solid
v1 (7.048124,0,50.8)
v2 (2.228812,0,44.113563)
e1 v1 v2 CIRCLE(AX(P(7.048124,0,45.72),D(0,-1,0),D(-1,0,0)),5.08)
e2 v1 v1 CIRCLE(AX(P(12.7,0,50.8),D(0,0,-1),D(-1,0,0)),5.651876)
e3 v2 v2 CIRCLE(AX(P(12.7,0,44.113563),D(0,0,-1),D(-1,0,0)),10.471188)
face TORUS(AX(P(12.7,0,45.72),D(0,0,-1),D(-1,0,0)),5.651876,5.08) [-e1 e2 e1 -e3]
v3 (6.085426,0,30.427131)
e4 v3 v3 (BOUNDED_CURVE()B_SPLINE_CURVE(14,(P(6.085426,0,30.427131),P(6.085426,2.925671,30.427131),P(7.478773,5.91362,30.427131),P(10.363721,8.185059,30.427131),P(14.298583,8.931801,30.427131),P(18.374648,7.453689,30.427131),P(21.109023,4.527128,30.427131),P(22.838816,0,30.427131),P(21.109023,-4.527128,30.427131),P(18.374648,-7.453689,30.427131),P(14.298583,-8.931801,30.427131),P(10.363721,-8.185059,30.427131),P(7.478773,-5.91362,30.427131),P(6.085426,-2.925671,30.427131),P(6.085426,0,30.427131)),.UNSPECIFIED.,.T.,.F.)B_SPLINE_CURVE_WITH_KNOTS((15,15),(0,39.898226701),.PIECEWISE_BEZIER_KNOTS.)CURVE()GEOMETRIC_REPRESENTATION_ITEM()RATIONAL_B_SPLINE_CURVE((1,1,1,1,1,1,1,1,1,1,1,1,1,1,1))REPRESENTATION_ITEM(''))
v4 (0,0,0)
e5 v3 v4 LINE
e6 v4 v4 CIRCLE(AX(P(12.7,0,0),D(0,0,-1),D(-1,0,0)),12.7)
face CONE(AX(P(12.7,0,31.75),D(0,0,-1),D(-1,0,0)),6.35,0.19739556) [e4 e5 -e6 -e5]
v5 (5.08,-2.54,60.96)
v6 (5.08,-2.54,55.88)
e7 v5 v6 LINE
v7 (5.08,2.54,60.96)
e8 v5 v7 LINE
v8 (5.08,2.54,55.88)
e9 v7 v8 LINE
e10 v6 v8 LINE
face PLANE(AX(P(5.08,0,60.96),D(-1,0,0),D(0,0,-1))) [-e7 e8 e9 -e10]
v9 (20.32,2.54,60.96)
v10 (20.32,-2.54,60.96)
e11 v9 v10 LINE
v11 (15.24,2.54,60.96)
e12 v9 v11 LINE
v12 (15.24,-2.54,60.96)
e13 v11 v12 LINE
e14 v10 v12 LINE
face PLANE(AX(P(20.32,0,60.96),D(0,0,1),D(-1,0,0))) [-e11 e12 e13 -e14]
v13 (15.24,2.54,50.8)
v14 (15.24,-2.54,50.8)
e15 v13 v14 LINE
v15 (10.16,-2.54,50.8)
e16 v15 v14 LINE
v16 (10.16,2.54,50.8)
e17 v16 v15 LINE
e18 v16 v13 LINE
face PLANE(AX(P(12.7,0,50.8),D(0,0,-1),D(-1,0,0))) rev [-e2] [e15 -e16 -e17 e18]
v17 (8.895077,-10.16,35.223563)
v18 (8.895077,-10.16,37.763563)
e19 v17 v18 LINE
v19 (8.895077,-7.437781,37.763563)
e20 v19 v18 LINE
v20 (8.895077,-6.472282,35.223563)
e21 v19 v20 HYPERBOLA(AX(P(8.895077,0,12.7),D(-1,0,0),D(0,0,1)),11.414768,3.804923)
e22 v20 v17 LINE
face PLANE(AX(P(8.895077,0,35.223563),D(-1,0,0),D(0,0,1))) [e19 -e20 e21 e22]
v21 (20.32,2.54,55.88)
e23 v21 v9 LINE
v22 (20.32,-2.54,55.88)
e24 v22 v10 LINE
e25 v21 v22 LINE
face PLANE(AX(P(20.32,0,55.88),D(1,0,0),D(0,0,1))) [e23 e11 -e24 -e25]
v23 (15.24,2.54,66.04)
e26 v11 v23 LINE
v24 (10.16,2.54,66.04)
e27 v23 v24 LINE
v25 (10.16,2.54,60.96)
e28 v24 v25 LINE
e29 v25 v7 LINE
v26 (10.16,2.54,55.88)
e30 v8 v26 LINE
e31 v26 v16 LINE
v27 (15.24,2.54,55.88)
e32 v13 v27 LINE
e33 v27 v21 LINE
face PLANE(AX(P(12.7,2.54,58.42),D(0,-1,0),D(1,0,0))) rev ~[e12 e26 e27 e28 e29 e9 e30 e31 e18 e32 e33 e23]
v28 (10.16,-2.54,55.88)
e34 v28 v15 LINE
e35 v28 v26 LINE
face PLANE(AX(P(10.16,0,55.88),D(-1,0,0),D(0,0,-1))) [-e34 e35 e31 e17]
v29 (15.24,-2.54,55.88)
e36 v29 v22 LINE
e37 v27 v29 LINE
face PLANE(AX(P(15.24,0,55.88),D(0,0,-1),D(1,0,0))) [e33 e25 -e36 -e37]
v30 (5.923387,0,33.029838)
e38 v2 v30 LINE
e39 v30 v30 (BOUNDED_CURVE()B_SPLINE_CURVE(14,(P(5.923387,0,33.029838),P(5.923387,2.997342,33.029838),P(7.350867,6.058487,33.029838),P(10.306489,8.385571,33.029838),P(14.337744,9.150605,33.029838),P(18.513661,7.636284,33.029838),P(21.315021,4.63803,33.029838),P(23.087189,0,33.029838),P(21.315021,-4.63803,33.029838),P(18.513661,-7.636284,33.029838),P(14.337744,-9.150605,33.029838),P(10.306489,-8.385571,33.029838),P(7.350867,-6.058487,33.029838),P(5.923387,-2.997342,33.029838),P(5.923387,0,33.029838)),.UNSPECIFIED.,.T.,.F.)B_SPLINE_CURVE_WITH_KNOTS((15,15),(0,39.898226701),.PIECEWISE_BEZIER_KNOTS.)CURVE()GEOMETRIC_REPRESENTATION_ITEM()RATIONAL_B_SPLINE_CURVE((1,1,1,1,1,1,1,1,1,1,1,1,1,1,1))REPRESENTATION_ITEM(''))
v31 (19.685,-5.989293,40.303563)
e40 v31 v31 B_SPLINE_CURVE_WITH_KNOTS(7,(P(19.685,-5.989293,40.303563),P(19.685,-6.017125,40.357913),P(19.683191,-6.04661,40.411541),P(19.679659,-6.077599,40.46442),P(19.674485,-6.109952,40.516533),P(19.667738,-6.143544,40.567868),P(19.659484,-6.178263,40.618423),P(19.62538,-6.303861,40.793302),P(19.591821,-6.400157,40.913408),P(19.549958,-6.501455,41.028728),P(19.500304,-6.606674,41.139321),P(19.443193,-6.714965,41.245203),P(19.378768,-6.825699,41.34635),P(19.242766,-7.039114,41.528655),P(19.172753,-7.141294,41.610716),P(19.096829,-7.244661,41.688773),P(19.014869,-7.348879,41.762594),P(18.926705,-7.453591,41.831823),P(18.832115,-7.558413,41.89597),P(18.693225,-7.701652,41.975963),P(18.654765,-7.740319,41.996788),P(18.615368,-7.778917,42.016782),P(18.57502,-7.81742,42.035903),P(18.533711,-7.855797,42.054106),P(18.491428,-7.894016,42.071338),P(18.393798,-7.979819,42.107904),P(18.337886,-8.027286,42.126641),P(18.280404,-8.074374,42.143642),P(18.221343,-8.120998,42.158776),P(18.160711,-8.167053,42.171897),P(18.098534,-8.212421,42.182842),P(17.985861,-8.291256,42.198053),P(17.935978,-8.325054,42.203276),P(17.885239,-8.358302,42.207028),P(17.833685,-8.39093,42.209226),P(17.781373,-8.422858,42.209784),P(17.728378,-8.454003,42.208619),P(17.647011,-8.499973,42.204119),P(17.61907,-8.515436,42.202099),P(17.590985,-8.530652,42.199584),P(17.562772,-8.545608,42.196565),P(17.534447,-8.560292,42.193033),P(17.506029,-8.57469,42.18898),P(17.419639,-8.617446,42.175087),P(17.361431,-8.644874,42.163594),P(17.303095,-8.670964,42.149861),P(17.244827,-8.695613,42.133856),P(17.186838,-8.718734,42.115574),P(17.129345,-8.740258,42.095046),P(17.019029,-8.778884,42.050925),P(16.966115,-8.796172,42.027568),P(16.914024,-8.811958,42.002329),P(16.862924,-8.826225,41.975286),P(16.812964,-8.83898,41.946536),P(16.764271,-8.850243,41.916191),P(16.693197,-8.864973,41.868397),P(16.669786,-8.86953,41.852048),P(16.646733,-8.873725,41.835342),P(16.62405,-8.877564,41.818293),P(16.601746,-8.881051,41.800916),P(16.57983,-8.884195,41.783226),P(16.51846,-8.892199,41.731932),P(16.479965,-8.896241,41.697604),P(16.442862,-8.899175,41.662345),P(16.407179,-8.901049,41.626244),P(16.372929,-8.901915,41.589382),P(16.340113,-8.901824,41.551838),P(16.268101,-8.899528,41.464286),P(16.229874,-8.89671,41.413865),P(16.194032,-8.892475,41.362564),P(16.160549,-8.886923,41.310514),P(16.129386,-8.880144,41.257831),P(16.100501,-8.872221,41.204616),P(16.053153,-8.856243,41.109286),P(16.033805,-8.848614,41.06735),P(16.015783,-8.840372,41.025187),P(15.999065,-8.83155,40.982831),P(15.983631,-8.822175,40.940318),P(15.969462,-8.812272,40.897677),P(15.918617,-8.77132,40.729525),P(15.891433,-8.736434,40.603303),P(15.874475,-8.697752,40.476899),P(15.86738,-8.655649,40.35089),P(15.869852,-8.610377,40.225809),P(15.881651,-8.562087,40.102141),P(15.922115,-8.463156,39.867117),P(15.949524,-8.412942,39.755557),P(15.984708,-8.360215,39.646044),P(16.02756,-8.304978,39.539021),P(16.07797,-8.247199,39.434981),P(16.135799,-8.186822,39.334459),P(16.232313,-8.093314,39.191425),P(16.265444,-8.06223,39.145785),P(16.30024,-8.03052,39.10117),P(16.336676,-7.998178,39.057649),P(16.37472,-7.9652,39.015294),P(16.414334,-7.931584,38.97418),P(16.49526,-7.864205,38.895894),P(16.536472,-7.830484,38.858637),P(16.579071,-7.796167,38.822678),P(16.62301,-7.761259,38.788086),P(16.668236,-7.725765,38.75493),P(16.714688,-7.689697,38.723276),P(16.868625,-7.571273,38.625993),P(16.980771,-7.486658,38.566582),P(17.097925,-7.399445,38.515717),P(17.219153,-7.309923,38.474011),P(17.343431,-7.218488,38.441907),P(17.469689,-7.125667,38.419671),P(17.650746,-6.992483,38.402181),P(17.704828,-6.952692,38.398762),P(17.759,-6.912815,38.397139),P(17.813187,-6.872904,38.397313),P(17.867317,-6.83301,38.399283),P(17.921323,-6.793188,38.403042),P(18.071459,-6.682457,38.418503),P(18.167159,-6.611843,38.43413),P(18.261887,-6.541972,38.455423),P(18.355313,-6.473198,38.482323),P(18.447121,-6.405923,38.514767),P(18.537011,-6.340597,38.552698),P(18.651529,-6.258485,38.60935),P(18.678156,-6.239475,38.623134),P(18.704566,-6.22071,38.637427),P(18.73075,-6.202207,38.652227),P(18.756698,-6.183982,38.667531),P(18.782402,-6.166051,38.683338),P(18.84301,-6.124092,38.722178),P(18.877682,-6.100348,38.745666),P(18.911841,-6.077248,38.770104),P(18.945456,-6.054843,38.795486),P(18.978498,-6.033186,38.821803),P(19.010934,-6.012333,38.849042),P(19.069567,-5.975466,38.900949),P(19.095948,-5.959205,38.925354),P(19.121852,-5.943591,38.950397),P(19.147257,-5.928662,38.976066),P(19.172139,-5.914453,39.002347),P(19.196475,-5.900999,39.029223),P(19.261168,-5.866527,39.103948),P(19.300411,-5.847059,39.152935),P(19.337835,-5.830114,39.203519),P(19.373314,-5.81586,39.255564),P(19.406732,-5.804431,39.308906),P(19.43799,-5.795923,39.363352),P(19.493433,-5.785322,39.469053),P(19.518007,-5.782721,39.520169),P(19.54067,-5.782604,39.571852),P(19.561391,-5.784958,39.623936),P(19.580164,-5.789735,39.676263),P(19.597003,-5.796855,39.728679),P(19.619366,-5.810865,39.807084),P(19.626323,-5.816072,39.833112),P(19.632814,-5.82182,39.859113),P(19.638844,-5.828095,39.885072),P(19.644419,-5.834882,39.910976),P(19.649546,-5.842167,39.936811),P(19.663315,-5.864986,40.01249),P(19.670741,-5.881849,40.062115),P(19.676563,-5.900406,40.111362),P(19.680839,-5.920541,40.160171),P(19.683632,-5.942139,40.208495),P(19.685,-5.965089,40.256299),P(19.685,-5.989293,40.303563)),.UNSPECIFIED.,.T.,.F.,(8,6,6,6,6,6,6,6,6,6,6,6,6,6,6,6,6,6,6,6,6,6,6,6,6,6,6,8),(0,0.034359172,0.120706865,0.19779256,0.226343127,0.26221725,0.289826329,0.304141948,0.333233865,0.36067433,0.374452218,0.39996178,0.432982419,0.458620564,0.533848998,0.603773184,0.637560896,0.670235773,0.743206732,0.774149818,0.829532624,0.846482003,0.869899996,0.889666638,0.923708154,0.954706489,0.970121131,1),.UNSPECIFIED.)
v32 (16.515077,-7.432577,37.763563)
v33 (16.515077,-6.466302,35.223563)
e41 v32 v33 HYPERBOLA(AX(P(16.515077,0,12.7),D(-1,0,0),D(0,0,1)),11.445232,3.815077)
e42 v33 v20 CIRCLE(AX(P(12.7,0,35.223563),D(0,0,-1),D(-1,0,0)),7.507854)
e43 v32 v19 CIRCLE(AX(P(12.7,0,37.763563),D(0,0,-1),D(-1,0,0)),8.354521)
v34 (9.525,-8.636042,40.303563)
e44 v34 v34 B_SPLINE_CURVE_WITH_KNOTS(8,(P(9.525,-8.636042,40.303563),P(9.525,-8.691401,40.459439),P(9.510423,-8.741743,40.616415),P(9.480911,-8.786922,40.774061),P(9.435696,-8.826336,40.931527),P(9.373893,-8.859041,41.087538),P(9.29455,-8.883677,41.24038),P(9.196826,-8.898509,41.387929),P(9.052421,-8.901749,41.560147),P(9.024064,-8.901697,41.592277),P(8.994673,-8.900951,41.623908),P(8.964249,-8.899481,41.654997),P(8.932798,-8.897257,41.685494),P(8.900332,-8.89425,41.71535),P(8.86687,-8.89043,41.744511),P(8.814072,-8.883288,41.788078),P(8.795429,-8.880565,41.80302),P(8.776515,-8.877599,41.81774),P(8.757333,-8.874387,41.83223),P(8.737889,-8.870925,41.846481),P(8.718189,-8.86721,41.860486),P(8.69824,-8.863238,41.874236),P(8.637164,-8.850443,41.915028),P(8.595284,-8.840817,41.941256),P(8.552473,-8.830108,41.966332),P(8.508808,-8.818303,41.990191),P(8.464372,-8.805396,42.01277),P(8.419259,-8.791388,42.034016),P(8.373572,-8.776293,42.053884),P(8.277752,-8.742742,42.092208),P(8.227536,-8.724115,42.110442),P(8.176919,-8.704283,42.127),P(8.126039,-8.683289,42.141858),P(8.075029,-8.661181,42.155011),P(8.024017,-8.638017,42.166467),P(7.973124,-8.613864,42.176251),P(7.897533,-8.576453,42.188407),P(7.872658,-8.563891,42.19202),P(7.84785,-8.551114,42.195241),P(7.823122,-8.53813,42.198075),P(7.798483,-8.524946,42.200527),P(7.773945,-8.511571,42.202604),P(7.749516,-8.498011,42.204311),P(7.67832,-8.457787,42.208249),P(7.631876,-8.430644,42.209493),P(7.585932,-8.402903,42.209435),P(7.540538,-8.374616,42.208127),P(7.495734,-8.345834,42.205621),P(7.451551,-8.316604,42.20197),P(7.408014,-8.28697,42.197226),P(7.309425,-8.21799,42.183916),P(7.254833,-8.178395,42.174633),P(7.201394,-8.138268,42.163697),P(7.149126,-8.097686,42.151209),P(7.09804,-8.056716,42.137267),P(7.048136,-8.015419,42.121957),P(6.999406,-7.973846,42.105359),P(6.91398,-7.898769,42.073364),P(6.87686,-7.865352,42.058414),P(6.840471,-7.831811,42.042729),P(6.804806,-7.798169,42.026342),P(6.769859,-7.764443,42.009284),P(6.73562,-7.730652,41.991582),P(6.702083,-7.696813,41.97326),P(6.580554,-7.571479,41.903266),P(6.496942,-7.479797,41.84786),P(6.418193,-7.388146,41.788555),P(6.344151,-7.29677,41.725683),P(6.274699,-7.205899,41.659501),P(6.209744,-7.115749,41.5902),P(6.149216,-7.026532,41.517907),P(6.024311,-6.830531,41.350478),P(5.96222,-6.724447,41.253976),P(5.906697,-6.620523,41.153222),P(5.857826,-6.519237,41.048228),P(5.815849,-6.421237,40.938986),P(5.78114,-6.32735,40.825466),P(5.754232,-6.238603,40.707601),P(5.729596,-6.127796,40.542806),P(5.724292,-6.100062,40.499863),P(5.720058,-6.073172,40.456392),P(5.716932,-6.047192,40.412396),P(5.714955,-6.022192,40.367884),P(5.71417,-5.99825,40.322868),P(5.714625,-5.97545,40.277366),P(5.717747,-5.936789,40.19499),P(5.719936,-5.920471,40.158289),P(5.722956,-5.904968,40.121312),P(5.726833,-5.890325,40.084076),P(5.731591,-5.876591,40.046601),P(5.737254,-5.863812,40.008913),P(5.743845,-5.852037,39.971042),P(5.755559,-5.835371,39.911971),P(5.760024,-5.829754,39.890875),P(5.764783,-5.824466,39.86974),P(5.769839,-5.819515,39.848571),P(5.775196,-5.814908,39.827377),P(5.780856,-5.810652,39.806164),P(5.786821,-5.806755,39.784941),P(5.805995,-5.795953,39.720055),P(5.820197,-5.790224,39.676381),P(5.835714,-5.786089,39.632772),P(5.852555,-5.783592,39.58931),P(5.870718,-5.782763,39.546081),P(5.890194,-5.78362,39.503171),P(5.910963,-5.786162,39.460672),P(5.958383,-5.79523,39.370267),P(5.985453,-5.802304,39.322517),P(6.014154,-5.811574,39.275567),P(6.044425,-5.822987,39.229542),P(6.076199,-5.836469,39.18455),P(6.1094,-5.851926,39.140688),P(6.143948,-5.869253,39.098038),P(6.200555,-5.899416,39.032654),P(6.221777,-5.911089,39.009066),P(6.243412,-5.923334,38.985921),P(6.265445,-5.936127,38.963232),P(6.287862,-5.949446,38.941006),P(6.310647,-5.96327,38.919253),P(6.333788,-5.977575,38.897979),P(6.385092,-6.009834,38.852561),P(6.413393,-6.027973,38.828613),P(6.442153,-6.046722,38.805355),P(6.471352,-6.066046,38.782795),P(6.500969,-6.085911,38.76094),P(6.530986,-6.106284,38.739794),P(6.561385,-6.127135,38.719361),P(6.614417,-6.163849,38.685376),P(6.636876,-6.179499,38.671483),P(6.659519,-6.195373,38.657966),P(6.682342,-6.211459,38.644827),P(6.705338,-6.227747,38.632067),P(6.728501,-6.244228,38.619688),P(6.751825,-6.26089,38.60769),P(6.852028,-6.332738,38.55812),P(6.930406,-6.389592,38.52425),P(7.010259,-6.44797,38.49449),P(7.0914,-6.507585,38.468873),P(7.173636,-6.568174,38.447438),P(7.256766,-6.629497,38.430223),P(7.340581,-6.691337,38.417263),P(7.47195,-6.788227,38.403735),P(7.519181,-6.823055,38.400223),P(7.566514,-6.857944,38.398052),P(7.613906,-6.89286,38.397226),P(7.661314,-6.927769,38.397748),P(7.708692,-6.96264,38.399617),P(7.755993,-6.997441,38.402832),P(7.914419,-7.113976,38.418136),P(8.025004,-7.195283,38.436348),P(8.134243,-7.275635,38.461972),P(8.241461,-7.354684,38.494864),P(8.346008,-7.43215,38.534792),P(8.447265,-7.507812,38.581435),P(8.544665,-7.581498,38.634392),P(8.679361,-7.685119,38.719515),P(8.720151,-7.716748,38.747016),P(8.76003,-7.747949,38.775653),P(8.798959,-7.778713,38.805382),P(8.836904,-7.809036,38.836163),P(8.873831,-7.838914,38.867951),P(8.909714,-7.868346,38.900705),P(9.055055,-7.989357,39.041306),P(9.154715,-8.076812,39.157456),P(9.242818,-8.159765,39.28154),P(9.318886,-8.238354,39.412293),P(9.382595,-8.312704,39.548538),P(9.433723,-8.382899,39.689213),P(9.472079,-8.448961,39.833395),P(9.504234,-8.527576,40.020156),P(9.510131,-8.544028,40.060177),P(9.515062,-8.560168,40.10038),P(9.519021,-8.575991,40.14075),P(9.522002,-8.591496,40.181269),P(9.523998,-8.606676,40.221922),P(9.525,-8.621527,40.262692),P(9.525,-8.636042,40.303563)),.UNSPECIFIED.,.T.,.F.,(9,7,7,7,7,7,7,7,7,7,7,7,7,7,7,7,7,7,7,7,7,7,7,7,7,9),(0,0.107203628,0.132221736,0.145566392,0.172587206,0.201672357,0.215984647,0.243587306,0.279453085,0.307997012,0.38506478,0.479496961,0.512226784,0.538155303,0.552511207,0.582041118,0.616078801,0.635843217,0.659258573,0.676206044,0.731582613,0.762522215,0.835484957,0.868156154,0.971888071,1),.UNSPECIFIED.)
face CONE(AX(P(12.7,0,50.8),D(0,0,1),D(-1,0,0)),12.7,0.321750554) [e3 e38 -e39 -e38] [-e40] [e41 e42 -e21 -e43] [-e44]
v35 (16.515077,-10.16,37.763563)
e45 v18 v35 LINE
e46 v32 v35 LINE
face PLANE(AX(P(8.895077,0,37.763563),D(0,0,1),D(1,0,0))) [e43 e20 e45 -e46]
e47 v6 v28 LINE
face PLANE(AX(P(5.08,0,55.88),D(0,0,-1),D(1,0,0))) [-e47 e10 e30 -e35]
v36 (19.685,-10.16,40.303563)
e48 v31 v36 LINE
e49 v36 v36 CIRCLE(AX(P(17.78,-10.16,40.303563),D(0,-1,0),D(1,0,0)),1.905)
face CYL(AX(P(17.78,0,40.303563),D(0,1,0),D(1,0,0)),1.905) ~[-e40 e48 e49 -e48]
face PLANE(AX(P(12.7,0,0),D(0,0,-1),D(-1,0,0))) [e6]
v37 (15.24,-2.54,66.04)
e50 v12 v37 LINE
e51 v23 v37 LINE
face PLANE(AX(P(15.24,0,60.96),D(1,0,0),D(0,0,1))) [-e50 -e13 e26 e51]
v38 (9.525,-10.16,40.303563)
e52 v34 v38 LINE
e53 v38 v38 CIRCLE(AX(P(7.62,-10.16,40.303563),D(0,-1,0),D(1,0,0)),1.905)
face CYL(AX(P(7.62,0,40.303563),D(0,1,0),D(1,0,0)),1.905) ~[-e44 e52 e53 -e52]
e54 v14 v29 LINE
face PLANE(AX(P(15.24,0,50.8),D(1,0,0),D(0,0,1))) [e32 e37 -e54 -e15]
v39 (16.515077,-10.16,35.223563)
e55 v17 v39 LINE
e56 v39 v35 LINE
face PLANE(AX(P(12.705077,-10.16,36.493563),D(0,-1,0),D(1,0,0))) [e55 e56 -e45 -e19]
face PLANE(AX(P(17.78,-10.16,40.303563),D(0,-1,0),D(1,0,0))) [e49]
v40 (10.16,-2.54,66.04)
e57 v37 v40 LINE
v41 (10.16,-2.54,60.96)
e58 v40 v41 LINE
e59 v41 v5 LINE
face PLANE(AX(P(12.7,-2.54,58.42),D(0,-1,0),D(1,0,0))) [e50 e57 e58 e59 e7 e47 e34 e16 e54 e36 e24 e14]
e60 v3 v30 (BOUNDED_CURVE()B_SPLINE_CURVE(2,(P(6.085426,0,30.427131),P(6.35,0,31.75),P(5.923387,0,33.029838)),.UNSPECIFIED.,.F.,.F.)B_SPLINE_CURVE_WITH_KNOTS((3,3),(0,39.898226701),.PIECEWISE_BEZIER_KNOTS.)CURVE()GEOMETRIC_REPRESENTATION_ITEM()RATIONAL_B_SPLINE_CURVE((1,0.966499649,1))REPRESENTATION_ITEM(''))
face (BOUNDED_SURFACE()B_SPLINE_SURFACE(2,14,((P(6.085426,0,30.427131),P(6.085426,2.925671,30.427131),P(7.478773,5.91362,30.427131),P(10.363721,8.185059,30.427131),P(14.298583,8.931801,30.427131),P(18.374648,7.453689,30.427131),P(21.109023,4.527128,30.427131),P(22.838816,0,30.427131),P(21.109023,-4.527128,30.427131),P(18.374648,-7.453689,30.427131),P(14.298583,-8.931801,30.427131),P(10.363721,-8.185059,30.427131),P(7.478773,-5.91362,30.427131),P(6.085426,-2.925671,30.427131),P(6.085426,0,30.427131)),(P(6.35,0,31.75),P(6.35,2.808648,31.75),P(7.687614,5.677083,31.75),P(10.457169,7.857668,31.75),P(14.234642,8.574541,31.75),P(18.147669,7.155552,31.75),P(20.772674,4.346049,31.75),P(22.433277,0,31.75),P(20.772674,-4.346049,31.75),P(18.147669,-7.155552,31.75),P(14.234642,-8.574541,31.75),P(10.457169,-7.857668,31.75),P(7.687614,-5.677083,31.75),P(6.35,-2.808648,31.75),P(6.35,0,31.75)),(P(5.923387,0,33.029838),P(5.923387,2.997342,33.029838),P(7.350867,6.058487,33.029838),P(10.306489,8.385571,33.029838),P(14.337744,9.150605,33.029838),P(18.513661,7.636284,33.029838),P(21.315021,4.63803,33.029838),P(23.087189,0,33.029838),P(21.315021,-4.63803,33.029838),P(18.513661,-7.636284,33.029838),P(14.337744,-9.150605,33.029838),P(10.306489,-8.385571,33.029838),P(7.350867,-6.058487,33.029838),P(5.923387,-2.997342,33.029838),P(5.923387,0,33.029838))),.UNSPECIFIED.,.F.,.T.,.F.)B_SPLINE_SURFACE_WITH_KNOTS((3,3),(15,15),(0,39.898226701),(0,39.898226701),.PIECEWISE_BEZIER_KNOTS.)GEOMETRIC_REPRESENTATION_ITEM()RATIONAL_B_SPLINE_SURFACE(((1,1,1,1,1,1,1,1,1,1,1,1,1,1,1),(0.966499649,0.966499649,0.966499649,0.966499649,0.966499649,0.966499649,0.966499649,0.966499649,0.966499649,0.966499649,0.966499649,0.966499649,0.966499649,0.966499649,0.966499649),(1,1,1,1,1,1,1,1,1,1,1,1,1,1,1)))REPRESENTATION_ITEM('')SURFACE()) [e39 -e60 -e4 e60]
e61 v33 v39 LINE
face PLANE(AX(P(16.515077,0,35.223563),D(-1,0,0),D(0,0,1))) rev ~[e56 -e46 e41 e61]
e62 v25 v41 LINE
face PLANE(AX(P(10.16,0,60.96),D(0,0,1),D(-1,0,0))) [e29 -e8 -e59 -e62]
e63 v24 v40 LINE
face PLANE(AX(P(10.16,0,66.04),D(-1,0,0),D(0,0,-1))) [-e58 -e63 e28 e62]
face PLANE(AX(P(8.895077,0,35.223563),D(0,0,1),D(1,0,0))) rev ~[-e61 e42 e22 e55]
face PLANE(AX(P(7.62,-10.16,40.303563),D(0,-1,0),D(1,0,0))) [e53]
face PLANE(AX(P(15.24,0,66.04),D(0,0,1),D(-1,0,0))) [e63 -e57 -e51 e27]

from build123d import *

# Parameters (mm, degrees)
F2_R     = 5.08
F4_DEPTH = 2.54
F5_R     = 1.905
F5_W     = 7.62
F5_H     = 2.54
F6_DEPTH = 10.16


with BuildPart() as f1:
    # F0 (on Front) → F1 (revolve)
    with BuildSketch(Plane.XZ):
        Polygon((6.35, 31.75), (0, 0), (12.7, 0), (12.7, 50.8), (0, 50.8), align=None)
    revolve(axis=Axis((12.7, 0, 25.4), (0, 0, -1)))

    # F2
    f2_edges = [f1.edges().sort_by_distance(p)[0] for p in [
        (19.05, 0, 31.75),
        (25.4, 0, 50.8),
    ]]
    fillet(f2_edges, radius=F2_R)

    # F3 (on Front) → F4 (join, symmetric)
    with BuildSketch(Plane.XZ):
        Polygon((10.16, 55.88), (10.16, 50.8), (15.24, 50.8), (15.24, 55.88), (20.32, 55.88), (20.32, 60.96), (15.24, 60.96), (15.24, 66.04), (10.16, 66.04), (10.16, 60.96), (5.08, 60.96), (5.08, 55.88), align=None)
    extrude(amount=F4_DEPTH, both=True)

    # F5 (on Front) → F6 (join)
    with BuildSketch(Plane.XZ):
        with Locations((7.62, 40.3035629486)):
            Circle(F5_R)
        with Locations((17.78, 40.3035629486)):
            Circle(F5_R)
        with Locations((12.7050772909, 36.4935629486)):
            Rectangle(F5_W, F5_H)
    extrude(amount=F6_DEPTH)


solid = f1.part
